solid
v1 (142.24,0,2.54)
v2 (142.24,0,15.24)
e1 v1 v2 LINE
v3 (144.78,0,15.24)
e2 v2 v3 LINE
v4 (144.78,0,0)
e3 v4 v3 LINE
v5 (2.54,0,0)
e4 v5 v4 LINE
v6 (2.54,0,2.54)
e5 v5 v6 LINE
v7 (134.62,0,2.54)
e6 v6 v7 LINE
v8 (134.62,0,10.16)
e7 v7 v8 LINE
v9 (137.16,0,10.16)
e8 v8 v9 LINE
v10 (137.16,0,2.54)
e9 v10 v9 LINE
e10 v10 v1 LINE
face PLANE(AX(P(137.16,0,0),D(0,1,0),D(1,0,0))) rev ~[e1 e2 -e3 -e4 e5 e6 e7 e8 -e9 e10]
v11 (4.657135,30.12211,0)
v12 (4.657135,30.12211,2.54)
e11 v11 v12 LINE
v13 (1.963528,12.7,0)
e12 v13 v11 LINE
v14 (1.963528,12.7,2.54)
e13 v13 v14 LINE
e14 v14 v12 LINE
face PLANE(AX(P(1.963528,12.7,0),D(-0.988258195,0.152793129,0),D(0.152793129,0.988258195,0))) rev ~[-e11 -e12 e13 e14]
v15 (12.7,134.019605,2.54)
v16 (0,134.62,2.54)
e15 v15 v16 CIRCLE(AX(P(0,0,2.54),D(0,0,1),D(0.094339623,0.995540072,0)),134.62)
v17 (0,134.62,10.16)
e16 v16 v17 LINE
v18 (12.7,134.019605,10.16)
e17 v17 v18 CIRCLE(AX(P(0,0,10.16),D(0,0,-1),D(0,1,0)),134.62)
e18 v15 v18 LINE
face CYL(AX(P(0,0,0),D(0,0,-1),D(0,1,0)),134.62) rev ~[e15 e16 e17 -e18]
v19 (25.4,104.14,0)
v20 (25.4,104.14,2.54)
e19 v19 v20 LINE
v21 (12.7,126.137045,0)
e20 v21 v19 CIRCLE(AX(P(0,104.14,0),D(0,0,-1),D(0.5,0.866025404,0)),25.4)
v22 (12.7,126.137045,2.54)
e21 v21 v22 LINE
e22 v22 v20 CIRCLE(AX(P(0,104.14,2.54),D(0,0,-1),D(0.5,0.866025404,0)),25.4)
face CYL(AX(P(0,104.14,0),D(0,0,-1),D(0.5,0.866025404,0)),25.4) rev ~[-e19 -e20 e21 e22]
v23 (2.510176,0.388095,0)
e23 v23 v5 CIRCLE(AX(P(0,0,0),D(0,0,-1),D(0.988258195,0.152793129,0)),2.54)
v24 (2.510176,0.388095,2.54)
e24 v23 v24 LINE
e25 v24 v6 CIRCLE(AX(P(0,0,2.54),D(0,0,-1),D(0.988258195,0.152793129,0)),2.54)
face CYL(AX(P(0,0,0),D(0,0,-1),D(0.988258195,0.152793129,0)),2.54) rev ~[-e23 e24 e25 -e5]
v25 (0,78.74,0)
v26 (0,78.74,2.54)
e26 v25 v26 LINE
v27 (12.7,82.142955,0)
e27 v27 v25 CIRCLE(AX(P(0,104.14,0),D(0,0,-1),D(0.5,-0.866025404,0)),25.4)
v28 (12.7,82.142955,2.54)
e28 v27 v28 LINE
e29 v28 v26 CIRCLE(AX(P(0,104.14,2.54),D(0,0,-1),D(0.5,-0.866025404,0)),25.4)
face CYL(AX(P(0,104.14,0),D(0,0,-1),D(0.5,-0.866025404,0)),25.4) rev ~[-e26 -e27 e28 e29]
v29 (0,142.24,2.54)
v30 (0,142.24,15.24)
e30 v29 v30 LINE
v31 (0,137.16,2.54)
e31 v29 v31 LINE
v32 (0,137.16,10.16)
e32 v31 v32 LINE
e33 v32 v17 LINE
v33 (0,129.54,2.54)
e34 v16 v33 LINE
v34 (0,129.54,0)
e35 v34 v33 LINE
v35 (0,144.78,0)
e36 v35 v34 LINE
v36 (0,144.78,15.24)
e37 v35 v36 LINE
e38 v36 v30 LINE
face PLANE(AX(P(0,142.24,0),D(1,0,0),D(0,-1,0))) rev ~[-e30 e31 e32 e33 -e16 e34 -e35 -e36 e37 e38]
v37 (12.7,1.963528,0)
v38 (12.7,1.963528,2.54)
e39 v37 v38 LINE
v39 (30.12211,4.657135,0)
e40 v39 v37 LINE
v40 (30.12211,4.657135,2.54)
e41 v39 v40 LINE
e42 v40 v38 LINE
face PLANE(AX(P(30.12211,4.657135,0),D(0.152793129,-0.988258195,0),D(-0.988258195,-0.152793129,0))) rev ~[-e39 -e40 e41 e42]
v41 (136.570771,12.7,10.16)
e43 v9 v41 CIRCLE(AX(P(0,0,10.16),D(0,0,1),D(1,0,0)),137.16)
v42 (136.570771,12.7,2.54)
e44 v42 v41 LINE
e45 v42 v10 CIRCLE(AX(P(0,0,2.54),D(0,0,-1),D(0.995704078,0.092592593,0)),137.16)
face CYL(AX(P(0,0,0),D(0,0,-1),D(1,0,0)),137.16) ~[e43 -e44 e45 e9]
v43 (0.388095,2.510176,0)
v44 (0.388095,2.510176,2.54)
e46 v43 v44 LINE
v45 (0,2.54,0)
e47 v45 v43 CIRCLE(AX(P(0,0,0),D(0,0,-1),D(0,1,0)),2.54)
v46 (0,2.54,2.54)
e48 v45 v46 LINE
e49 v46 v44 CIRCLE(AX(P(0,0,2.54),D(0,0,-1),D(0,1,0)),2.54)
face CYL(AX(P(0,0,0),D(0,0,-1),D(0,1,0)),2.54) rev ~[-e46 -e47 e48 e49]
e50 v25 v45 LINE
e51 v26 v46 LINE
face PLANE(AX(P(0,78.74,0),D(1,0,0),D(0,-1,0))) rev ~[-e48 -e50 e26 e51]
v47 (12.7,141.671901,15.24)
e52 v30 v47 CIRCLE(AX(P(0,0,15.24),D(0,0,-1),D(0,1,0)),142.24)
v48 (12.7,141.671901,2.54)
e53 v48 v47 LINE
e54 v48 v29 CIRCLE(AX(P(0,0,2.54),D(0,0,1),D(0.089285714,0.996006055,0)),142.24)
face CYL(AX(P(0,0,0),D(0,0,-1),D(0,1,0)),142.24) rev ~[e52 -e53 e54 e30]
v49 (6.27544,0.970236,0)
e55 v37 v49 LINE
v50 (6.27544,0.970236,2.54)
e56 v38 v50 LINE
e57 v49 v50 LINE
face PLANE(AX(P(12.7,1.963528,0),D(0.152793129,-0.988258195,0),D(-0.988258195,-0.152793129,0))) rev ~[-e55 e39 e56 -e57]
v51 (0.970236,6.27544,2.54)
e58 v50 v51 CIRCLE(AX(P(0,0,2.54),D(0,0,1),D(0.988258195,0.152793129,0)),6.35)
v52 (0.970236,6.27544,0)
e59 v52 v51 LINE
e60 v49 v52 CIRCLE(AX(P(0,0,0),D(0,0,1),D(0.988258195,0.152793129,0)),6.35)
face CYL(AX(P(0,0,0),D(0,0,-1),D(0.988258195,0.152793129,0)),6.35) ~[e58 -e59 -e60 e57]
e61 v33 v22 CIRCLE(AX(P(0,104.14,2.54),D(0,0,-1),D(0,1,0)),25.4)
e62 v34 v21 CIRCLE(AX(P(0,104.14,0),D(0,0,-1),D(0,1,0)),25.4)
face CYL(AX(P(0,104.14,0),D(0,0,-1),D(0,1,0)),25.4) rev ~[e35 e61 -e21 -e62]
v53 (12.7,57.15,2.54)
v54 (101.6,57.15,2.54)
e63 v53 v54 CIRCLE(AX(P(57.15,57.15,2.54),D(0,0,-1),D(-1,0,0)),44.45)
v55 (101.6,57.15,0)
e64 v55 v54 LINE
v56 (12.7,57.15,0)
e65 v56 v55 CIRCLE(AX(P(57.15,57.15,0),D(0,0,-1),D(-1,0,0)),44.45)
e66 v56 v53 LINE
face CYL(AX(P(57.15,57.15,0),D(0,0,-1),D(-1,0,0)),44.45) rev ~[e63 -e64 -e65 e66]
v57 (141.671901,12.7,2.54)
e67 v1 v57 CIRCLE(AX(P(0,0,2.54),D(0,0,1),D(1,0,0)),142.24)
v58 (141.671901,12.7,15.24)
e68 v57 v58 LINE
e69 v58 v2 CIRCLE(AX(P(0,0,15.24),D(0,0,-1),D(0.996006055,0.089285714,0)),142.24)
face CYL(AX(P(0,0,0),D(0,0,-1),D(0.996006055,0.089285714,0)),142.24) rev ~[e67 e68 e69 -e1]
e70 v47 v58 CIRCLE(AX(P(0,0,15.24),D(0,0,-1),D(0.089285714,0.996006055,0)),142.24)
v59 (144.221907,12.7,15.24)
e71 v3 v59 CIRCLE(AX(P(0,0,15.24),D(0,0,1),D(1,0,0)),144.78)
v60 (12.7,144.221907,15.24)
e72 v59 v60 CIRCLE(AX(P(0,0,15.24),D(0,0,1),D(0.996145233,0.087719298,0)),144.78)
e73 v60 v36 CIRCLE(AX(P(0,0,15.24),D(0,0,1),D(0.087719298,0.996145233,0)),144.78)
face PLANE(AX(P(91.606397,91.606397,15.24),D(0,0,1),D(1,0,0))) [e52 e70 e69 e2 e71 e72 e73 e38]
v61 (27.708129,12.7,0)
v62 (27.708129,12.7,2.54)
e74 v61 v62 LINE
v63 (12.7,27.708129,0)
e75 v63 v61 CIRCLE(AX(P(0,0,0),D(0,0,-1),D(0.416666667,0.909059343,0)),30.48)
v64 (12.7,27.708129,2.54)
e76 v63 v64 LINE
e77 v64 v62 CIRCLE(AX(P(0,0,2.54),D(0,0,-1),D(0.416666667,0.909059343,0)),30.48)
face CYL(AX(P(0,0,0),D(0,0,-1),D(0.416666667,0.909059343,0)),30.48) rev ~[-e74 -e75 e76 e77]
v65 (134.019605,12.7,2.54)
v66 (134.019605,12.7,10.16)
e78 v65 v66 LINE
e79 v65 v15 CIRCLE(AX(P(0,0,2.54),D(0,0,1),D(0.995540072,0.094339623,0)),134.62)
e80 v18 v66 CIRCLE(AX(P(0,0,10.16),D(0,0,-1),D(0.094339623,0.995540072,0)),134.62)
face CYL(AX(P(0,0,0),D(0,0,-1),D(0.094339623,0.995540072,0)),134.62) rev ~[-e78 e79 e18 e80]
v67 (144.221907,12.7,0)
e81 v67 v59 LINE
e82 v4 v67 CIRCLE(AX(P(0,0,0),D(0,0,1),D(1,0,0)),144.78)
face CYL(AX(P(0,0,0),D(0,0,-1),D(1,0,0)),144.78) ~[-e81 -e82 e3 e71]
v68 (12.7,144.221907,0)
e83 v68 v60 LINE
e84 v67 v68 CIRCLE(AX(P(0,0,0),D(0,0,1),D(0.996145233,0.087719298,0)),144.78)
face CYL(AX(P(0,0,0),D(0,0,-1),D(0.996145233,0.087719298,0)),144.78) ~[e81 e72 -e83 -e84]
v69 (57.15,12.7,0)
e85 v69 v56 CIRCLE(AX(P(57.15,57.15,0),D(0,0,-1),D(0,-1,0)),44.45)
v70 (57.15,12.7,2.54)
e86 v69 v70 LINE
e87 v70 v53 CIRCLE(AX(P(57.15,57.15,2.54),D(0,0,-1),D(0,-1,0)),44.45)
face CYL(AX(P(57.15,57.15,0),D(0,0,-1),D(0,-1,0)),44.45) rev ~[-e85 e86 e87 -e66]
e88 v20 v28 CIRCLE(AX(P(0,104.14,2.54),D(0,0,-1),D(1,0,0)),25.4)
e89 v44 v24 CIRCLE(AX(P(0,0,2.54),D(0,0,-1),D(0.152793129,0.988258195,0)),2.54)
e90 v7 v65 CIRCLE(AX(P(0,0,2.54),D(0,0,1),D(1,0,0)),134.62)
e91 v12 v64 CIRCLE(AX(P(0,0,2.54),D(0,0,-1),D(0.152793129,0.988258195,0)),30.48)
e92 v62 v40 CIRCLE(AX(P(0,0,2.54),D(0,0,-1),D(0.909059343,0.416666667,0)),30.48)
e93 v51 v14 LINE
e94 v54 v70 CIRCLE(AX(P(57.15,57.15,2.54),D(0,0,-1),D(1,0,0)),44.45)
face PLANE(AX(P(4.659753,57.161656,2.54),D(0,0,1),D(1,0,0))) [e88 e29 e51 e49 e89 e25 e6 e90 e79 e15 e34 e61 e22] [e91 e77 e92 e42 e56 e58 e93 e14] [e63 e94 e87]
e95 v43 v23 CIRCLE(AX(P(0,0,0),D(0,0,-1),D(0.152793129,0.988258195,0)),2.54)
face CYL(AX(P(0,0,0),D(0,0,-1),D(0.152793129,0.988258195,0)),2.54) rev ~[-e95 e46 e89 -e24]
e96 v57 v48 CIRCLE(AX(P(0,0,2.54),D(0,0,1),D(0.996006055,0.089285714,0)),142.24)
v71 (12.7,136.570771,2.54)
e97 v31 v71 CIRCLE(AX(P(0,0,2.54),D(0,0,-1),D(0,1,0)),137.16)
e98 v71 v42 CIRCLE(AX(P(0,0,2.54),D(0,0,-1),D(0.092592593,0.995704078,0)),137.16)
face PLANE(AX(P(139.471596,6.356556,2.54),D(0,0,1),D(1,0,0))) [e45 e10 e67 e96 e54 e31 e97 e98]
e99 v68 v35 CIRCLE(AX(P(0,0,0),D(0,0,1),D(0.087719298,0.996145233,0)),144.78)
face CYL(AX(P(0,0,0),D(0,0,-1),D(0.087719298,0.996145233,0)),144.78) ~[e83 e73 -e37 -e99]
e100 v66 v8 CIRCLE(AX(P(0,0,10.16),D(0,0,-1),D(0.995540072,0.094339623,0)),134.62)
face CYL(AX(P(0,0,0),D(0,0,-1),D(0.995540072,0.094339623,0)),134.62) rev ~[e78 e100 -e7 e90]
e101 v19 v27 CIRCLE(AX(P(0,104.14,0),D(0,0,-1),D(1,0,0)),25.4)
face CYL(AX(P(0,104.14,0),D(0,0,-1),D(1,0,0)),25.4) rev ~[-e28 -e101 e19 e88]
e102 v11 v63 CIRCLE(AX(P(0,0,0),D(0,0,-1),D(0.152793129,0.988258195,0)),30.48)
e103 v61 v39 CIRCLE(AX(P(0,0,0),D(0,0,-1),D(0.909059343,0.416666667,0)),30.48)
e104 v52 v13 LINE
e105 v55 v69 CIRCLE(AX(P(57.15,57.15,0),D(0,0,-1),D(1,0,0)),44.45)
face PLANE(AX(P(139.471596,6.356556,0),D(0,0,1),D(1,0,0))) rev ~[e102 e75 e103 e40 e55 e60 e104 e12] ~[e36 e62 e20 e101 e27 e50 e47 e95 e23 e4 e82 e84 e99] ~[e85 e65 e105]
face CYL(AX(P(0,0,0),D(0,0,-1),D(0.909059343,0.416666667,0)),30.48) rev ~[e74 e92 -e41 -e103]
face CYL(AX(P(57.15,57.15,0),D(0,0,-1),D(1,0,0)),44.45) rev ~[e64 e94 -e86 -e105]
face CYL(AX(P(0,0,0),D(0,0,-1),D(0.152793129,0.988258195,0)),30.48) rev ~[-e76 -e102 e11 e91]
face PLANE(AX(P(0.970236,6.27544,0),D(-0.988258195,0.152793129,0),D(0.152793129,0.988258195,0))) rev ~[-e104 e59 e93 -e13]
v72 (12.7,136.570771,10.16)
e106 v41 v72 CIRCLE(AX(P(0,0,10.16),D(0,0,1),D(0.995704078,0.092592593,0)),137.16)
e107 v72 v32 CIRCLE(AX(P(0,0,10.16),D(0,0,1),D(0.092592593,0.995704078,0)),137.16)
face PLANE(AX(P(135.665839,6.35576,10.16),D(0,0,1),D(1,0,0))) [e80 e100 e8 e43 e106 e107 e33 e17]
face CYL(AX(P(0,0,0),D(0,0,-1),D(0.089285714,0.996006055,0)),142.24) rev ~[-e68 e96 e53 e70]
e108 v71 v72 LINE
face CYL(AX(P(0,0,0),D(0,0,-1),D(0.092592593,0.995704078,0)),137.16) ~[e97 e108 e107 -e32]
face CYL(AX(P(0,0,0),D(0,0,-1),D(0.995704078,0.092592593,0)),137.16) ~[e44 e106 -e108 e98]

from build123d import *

# Parameters (mm, degrees)
F1_DEPTH = 2.54
F2_DEPTH = 10.16
F3_DEPTH = 2.54
F4_DEPTH = 15.24


with BuildPart() as f1:
    # F0 (on Top) → F1 (new body)
    with BuildSketch(Plane.XY):
        with BuildLine():
            Line((4.6571345698, 30.12210978), (12.7, 82.1429547439))
            ThreePointArc((12.7, 82.1429547439), (6.5740037456, 79.6054840123), (0, 78.74))
            Line((0, 78.74), (0, 30.48))
            ThreePointArc((0, 30.48), (2.3354329262, 30.3903957369), (4.6571345698, 30.12210978))
        make_face()
        with BuildLine():
            Line((12.7, 57.15), (12.7, 82.1429547439))
            Line((12.7, 82.1429547439), (4.6571345698, 30.12210978))
            ThreePointArc((4.6571345698, 30.12210978), (8.7620977053, 29.1934246673), (12.7, 27.7081287712))
            Line((12.7, 27.7081287712), (12.7, 57.15))
        make_face()
        with BuildLine():
            Line((1.9635281017, 12.7), (4.6571345698, 30.12210978))
            ThreePointArc((4.6571345698, 30.12210978), (2.3354329262, 30.3903957369), (0, 30.48))
            Line((0, 30.48), (0, 12.7))
            Line((0, 12.7), (1.9635281017, 12.7))
        make_face()
        with BuildLine():
            Line((0.9702363687, 6.2754395375), (1.9635281017, 12.7))
            Line((1.9635281017, 12.7), (0, 12.7))
            Line((0, 12.7), (0, 6.35))
            ThreePointArc((0, 6.35), (0.4865485263, 6.3313324452), (0.9702363687, 6.2754395375))
        make_face()
        with BuildLine():
            Line((0.3880945475, 2.510175815), (0.9702363687, 6.2754395375))
            ThreePointArc((0.9702363687, 6.2754395375), (0.4865485263, 6.3313324452), (0, 6.35))
            Line((0, 6.35), (0, 2.54))
            ThreePointArc((0, 2.54), (0.1946194105, 2.5325329781), (0.3880945475, 2.510175815))
        make_face()
        with BuildLine():
            Line((2.510175815, 0.3880945475), (6.2754395375, 0.9702363687))
            ThreePointArc((6.2754395375, 0.9702363687), (4.4901280605, 4.4901280605), (0.9702363687, 6.2754395375))
            Line((0.9702363687, 6.2754395375), (0.3880945475, 2.510175815))
            ThreePointArc((0.3880945475, 2.510175815), (1.7960512242, 1.7960512242), (2.510175815, 0.3880945475))
        make_face()
        with BuildLine():
            Line((2.54, 0), (6.35, 0))
            ThreePointArc((6.35, 0), (6.3313324452, 0.4865485263), (6.2754395375, 0.9702363687))
            Line((6.2754395375, 0.9702363687), (2.510175815, 0.3880945475))
            ThreePointArc((2.510175815, 0.3880945475), (2.5325329781, 0.1946194105), (2.54, 0))
        make_face()
        with BuildLine():
            Line((6.35, 0), (12.7, 0))
            Line((12.7, 0), (12.7, 1.9635281017))
            Line((12.7, 1.9635281017), (6.2754395375, 0.9702363687))
            ThreePointArc((6.2754395375, 0.9702363687), (6.3313324452, 0.4865485263), (6.35, 0))
        make_face()
        with BuildLine():
            Line((12.7, 0), (30.48, 0))
            ThreePointArc((30.48, 0), (30.3903957369, 2.3354329262), (30.12210978, 4.6571345698))
            Line((30.12210978, 4.6571345698), (12.7, 1.9635281017))
            Line((12.7, 1.9635281017), (12.7, 0))
        make_face()
        with BuildLine():
            Line((30.48, 0), (78.74, 0))
            ThreePointArc((78.74, 0), (79.6054840123, 6.5740037456), (82.1429547439, 12.7))
            Line((82.1429547439, 12.7), (30.12210978, 4.6571345698))
            ThreePointArc((30.12210978, 4.6571345698), (30.3903957369, 2.3354329262), (30.48, 0))
        make_face()
        with BuildLine():
            Line((27.7081287712, 12.7), (57.15, 12.7))
            ThreePointArc((57.15, 12.7), (25.7191035763, 25.7191035763), (12.7, 57.15))
            Line((12.7, 57.15), (12.7, 27.7081287712))
            ThreePointArc((12.7, 27.7081287712), (21.5526146906, 21.5526146906), (27.7081287712, 12.7))
        make_face()
        with BuildLine():
            Line((30.12210978, 4.6571345698), (82.1429547439, 12.7))
            Line((82.1429547439, 12.7), (57.15, 12.7))
            Line((57.15, 12.7), (27.7081287712, 12.7))
            ThreePointArc((27.7081287712, 12.7), (29.1934246673, 8.7620977053), (30.12210978, 4.6571345698))
        make_face()
        with BuildLine():
            Line((126.1370452561, 12.7), (134.0196045361, 12.7))
            ThreePointArc((134.0196045361, 12.7), (95.1907148833, 95.1907148833), (12.7, 134.0196045361))
            Line((12.7, 134.0196045361), (12.7, 126.1370452561))
            ThreePointArc((12.7, 126.1370452561), (21.9970452561, 116.84), (25.4, 104.14))
            ThreePointArc((25.4, 104.14), (21.9970452561, 91.44), (12.7, 82.1429547439))
            Line((12.7, 82.1429547439), (12.7, 57.15))
            ThreePointArc((12.7, 57.15), (57.15, 101.6), (101.6, 57.15))
            ThreePointArc((101.6, 57.15), (88.5808964237, 25.7191035763), (57.15, 12.7))
            Line((57.15, 12.7), (82.1429547439, 12.7))
            ThreePointArc((82.1429547439, 12.7), (104.14, 25.4), (126.1370452561, 12.7))
        make_face()
        with BuildLine():
            Line((129.54, 0), (134.62, 0))
            ThreePointArc((134.62, 0), (134.4698173618, 6.3570919986), (134.0196045361, 12.7))
            Line((134.0196045361, 12.7), (126.1370452561, 12.7))
            ThreePointArc((126.1370452561, 12.7), (128.6745159877, 6.5740037456), (129.54, 0))
        make_face()
        with BuildLine():
            Line((12.7, 126.1370452561), (12.7, 134.0196045361))
            ThreePointArc((12.7, 134.0196045361), (6.3570919986, 134.4698173618), (0, 134.62))
            Line((0, 134.62), (0, 129.54))
            ThreePointArc((0, 129.54), (6.5740037456, 128.6745159877), (12.7, 126.1370452561))
        make_face()
        with BuildLine():
            Line((82.1429547439, 12.7), (126.1370452561, 12.7))
            ThreePointArc((126.1370452561, 12.7), (104.14, 25.4), (82.1429547439, 12.7))
        make_face()
        with BuildLine():
            Line((78.74, 0), (129.54, 0))
            ThreePointArc((129.54, 0), (128.6745159877, 6.5740037456), (126.1370452561, 12.7))
            Line((126.1370452561, 12.7), (82.1429547439, 12.7))
            ThreePointArc((82.1429547439, 12.7), (79.6054840123, 6.5740037456), (78.74, 0))
        make_face()
    extrude(amount=F1_DEPTH)

    # F0 (on Top) → F2 (join)
    with BuildSketch(Plane.XY):
        with BuildLine():
            ThreePointArc((134.0196045361, 12.7), (134.4698173618, 6.3570919986), (134.62, 0))
            Line((134.62, 0), (137.16, 0))
            ThreePointArc((137.16, 0), (137.0126136617, 6.3568307817), (136.5707713971, 12.7))
            Line((136.5707713971, 12.7), (134.0196045361, 12.7))
        make_face()
        with BuildLine():
            ThreePointArc((12.7, 134.0196045361), (95.1907148833, 95.1907148833), (134.0196045361, 12.7))
            Line((134.0196045361, 12.7), (136.5707713971, 12.7))
            ThreePointArc((136.5707713971, 12.7), (96.9867661075, 96.9867661075), (12.7, 136.5707713971))
            Line((12.7, 136.5707713971), (12.7, 134.0196045361))
        make_face()
        with BuildLine():
            ThreePointArc((0, 134.62), (6.3570919986, 134.4698173618), (12.7, 134.0196045361))
            Line((12.7, 134.0196045361), (12.7, 136.5707713971))
            ThreePointArc((12.7, 136.5707713971), (6.3568307817, 137.0126136617), (0, 137.16))
            Line((0, 137.16), (0, 134.62))
        make_face()
    extrude(amount=F2_DEPTH)

    # F0 (on Top) → F3 (join)
    with BuildSketch(Plane.XY):
        with BuildLine():
            ThreePointArc((136.5707713971, 12.7), (137.0126136617, 6.3568307817), (137.16, 0))
            Line((137.16, 0), (142.24, 0))
            ThreePointArc((142.24, 0), (142.0979043334, 6.3563499), (141.6719012366, 12.7))
            Line((141.6719012366, 12.7), (136.5707713971, 12.7))
        make_face()
        with BuildLine():
            ThreePointArc((12.7, 136.5707713971), (96.9867661075, 96.9867661075), (136.5707713971, 12.7))
            Line((136.5707713971, 12.7), (141.6719012366, 12.7))
            ThreePointArc((141.6719012366, 12.7), (100.578868556, 100.578868556), (12.7, 141.6719012366))
            Line((12.7, 141.6719012366), (12.7, 136.5707713971))
        make_face()
        with BuildLine():
            ThreePointArc((0, 137.16), (6.3568307817, 137.0126136617), (12.7, 136.5707713971))
            Line((12.7, 136.5707713971), (12.7, 141.6719012366))
            ThreePointArc((12.7, 141.6719012366), (6.3563499, 142.0979043334), (0, 142.24))
            Line((0, 142.24), (0, 137.16))
        make_face()
    extrude(amount=F3_DEPTH)

    # F0 (on Top) → F4 (join)
    with BuildSketch(Plane.XY):
        with BuildLine():
            ThreePointArc((12.7, 141.6719012366), (100.578868556, 100.578868556), (141.6719012366, 12.7))
            Line((141.6719012366, 12.7), (144.2219067964, 12.7))
            ThreePointArc((144.2219067964, 12.7), (102.3749197802, 102.3749197802), (12.7, 144.2219067964))
            Line((12.7, 144.2219067964), (12.7, 141.6719012366))
        make_face()
        with BuildLine():
            ThreePointArc((0, 142.24), (6.3563499, 142.0979043334), (12.7, 141.6719012366))
            Line((12.7, 141.6719012366), (12.7, 144.2219067964))
            ThreePointArc((12.7, 144.2219067964), (6.3561283031, 144.6404094055), (0, 144.78))
            Line((0, 144.78), (0, 142.24))
        make_face()
        with BuildLine():
            ThreePointArc((141.6719012366, 12.7), (142.0979043334, 6.3563499), (142.24, 0))
            Line((142.24, 0), (144.78, 0))
            ThreePointArc((144.78, 0), (144.6404094055, 6.3561283031), (144.2219067964, 12.7))
            Line((144.2219067964, 12.7), (141.6719012366, 12.7))
        make_face()
    extrude(amount=F4_DEPTH)


solid = f1.part
